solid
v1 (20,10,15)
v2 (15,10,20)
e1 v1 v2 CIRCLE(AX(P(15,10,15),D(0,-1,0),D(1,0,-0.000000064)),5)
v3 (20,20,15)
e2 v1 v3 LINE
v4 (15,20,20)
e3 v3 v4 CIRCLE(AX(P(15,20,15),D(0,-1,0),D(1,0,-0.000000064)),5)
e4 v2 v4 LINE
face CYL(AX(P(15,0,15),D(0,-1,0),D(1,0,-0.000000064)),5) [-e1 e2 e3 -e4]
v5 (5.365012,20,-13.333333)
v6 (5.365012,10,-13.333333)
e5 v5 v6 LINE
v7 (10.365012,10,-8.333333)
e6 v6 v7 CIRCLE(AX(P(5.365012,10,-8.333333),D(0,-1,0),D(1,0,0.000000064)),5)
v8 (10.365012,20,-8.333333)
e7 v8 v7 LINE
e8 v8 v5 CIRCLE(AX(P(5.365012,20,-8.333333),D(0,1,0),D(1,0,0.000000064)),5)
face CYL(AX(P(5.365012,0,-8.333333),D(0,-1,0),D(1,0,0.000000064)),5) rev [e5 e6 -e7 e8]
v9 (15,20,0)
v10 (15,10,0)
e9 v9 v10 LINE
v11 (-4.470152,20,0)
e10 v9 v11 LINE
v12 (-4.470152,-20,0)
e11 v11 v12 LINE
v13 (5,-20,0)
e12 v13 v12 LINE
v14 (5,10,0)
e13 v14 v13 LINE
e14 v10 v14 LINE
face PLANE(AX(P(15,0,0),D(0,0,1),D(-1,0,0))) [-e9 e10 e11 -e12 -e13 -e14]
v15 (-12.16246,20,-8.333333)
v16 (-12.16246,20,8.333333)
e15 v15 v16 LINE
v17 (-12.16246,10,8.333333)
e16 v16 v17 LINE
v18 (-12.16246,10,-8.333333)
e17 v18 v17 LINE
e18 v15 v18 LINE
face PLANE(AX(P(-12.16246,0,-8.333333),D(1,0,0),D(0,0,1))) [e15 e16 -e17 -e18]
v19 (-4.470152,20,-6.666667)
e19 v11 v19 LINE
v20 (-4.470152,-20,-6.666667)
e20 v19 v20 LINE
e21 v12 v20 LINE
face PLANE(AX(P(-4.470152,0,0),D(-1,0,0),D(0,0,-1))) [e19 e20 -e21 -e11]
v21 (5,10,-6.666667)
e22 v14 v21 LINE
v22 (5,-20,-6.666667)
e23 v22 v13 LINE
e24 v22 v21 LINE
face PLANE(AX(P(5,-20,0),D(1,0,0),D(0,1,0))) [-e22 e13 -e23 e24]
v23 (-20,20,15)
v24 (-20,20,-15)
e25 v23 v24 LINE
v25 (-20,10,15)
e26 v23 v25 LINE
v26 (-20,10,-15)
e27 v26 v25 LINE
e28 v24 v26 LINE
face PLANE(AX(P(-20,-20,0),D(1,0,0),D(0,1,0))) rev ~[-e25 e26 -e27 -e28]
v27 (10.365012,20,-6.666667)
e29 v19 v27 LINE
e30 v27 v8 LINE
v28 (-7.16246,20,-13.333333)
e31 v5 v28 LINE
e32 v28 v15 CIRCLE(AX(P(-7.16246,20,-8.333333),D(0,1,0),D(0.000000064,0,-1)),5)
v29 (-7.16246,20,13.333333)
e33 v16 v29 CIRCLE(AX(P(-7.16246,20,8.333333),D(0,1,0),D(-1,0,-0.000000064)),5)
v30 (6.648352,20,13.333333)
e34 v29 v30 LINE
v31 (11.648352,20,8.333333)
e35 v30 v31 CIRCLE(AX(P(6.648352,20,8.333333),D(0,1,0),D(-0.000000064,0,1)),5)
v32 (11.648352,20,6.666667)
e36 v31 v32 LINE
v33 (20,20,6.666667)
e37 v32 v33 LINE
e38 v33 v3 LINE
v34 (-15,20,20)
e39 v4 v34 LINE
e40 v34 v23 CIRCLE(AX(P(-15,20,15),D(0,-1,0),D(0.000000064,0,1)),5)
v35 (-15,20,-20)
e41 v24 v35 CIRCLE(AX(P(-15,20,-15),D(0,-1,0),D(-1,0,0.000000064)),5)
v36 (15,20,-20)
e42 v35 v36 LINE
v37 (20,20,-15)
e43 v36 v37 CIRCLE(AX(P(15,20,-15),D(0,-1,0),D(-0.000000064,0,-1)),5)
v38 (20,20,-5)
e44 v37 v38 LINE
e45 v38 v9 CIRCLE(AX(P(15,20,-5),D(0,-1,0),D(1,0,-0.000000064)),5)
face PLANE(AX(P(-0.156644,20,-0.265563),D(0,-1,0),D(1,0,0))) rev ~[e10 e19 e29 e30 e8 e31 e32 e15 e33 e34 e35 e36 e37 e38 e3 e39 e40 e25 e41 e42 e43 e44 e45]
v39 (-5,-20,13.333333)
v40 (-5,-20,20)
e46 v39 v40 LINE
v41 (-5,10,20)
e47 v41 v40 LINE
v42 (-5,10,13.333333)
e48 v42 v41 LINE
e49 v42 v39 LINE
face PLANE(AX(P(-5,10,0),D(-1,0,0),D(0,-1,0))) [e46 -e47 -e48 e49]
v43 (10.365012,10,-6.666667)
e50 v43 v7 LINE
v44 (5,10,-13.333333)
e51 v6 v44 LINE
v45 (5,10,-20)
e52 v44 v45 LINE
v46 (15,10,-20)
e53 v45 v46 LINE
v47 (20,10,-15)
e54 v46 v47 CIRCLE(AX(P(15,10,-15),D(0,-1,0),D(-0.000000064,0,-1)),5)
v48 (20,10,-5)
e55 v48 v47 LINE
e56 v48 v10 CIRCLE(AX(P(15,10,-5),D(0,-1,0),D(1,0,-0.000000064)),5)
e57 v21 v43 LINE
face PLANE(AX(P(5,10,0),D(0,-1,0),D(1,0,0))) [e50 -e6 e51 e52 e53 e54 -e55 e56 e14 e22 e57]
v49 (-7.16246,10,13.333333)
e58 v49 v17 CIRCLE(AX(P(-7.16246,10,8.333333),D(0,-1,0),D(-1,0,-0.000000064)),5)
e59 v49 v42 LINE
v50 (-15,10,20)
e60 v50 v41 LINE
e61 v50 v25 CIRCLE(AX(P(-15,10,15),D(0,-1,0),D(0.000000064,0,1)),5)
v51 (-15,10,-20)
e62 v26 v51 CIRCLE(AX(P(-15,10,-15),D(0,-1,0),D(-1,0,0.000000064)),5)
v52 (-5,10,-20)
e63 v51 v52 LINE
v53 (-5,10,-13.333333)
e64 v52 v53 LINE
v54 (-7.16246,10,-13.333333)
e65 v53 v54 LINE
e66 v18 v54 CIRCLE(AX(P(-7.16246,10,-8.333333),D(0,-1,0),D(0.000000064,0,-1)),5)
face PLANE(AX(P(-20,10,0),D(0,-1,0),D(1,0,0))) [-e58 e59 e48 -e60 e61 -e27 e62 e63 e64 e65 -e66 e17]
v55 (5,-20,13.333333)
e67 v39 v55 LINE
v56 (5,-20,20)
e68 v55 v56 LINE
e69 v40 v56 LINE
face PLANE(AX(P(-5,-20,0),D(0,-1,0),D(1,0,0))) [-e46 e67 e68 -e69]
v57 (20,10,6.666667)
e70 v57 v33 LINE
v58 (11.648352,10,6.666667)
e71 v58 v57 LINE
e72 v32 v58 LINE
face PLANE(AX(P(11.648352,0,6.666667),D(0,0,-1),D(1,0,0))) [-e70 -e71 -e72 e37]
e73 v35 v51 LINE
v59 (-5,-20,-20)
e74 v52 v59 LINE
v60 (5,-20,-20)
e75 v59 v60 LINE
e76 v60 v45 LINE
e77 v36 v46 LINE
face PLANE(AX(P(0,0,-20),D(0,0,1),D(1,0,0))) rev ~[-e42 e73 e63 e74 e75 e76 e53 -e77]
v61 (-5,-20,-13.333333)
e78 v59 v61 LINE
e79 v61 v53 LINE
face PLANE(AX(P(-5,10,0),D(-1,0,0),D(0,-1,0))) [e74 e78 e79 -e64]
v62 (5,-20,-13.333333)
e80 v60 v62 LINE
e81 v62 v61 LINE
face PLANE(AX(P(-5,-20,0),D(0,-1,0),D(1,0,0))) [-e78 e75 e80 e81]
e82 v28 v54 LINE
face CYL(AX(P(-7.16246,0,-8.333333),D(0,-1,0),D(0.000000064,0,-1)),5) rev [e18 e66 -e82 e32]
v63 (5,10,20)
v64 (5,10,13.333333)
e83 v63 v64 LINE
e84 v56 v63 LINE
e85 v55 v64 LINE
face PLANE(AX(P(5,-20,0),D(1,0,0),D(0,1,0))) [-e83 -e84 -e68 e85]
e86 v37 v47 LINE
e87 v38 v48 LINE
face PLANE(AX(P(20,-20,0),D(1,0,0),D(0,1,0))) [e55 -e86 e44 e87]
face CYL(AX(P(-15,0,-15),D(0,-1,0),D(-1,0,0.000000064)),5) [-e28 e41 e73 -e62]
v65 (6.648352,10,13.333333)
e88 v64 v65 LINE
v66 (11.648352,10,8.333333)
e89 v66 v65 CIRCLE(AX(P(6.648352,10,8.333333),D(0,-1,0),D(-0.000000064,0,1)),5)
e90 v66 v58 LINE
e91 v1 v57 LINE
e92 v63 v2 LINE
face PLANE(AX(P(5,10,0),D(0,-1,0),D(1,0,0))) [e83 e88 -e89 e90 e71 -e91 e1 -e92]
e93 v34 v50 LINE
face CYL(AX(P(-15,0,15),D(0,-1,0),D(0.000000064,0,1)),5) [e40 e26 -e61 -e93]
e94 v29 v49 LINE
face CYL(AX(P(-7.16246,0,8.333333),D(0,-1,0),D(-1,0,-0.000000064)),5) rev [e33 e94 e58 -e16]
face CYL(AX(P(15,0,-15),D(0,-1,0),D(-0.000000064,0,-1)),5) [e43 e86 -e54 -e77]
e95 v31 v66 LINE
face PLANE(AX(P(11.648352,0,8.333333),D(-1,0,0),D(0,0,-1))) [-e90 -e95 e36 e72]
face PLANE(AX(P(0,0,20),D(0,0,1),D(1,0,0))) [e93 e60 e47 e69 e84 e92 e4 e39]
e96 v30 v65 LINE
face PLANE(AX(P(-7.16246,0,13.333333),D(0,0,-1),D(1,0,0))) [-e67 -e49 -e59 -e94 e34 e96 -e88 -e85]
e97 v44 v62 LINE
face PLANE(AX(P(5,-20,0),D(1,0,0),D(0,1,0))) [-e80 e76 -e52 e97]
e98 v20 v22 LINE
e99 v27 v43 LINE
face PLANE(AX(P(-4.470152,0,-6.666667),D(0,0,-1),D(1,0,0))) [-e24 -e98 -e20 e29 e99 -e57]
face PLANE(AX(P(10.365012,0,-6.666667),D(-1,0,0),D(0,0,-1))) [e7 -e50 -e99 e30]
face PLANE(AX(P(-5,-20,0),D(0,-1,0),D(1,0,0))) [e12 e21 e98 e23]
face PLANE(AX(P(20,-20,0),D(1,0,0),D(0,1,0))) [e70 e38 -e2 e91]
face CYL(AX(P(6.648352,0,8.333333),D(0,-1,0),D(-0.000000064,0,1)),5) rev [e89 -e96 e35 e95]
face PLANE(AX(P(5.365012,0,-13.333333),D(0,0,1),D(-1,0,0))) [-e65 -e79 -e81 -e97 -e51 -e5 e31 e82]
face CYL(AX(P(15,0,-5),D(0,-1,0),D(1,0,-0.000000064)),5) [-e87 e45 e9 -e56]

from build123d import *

# Parameters (mm, degrees)
F0_W     = 40
F0_H     = 40
F1_DEPTH = 20
F3_DEPTH = 20
F6_DEPTH = 20


with BuildPart() as f1:
    # F0 (on Top) → F1 (new body, symmetric)
    with BuildSketch(Plane.XY):
        Rectangle(F0_W, F0_H)
    extrude(amount=F1_DEPTH, both=True)

    # F2 (on Top) → F3 (intersect, symmetric)
    with BuildSketch(Plane.XY):
        Polygon((20, 20), (-20, 20), (-20, 10), (-5, 10), (-5, -20), (5, -20), (5, 10), (20, 10), align=None)
    extrude(amount=F3_DEPTH, both=True, mode=Mode.INTERSECT)

    # F5 (on Front) → F6 (intersect, symmetric)
    with BuildSketch(Plane.XZ):
        with BuildLine():
            Line((15, 20), (-15, 20))
            ThreePointArc((-15, 20), (-18.535534, 18.535534), (-20, 15))
            Line((-20, 15), (-20, -15))
            ThreePointArc((-20, -15), (-18.535534, -18.535534), (-15, -20))
            Line((-15, -20), (15, -20))
            ThreePointArc((15, -20), (18.535534, -18.535534), (20, -15))
            Line((20, -15), (20, -5))
            ThreePointArc((20, -5), (18.535534, -1.464466), (15, 0))
            Line((15, 0), (-4.470152, 0))
            Line((-4.470152, 0), (-4.470152, -6.666667))
            Line((-4.470152, -6.666667), (10.365012, -6.666667))
            Line((10.365012, -6.666667), (10.365012, -8.333333))
            ThreePointArc((10.365012, -8.333333), (8.900546, -11.868867), (5.365012, -13.333333))
            Line((5.365012, -13.333333), (-7.16246, -13.333333))
            ThreePointArc((-7.16246, -13.333333), (-10.697994, -11.868867), (-12.16246, -8.333333))
            Line((-12.16246, -8.333333), (-12.16246, 8.333333))
            ThreePointArc((-12.16246, 8.333333), (-10.697994, 11.868867), (-7.16246, 13.333333))
            Line((-7.16246, 13.333333), (6.648352, 13.333333))
            ThreePointArc((6.648352, 13.333333), (10.183886, 11.868867), (11.648352, 8.333333))
            Line((11.648352, 8.333333), (11.648352, 6.666667))
            Line((11.648352, 6.666667), (20, 6.666667))
            Line((20, 6.666667), (20, 15))
            ThreePointArc((20, 15), (18.535534, 18.535534), (15, 20))
        make_face()
    extrude(amount=F6_DEPTH, both=True, mode=Mode.INTERSECT)


solid = f1.part
